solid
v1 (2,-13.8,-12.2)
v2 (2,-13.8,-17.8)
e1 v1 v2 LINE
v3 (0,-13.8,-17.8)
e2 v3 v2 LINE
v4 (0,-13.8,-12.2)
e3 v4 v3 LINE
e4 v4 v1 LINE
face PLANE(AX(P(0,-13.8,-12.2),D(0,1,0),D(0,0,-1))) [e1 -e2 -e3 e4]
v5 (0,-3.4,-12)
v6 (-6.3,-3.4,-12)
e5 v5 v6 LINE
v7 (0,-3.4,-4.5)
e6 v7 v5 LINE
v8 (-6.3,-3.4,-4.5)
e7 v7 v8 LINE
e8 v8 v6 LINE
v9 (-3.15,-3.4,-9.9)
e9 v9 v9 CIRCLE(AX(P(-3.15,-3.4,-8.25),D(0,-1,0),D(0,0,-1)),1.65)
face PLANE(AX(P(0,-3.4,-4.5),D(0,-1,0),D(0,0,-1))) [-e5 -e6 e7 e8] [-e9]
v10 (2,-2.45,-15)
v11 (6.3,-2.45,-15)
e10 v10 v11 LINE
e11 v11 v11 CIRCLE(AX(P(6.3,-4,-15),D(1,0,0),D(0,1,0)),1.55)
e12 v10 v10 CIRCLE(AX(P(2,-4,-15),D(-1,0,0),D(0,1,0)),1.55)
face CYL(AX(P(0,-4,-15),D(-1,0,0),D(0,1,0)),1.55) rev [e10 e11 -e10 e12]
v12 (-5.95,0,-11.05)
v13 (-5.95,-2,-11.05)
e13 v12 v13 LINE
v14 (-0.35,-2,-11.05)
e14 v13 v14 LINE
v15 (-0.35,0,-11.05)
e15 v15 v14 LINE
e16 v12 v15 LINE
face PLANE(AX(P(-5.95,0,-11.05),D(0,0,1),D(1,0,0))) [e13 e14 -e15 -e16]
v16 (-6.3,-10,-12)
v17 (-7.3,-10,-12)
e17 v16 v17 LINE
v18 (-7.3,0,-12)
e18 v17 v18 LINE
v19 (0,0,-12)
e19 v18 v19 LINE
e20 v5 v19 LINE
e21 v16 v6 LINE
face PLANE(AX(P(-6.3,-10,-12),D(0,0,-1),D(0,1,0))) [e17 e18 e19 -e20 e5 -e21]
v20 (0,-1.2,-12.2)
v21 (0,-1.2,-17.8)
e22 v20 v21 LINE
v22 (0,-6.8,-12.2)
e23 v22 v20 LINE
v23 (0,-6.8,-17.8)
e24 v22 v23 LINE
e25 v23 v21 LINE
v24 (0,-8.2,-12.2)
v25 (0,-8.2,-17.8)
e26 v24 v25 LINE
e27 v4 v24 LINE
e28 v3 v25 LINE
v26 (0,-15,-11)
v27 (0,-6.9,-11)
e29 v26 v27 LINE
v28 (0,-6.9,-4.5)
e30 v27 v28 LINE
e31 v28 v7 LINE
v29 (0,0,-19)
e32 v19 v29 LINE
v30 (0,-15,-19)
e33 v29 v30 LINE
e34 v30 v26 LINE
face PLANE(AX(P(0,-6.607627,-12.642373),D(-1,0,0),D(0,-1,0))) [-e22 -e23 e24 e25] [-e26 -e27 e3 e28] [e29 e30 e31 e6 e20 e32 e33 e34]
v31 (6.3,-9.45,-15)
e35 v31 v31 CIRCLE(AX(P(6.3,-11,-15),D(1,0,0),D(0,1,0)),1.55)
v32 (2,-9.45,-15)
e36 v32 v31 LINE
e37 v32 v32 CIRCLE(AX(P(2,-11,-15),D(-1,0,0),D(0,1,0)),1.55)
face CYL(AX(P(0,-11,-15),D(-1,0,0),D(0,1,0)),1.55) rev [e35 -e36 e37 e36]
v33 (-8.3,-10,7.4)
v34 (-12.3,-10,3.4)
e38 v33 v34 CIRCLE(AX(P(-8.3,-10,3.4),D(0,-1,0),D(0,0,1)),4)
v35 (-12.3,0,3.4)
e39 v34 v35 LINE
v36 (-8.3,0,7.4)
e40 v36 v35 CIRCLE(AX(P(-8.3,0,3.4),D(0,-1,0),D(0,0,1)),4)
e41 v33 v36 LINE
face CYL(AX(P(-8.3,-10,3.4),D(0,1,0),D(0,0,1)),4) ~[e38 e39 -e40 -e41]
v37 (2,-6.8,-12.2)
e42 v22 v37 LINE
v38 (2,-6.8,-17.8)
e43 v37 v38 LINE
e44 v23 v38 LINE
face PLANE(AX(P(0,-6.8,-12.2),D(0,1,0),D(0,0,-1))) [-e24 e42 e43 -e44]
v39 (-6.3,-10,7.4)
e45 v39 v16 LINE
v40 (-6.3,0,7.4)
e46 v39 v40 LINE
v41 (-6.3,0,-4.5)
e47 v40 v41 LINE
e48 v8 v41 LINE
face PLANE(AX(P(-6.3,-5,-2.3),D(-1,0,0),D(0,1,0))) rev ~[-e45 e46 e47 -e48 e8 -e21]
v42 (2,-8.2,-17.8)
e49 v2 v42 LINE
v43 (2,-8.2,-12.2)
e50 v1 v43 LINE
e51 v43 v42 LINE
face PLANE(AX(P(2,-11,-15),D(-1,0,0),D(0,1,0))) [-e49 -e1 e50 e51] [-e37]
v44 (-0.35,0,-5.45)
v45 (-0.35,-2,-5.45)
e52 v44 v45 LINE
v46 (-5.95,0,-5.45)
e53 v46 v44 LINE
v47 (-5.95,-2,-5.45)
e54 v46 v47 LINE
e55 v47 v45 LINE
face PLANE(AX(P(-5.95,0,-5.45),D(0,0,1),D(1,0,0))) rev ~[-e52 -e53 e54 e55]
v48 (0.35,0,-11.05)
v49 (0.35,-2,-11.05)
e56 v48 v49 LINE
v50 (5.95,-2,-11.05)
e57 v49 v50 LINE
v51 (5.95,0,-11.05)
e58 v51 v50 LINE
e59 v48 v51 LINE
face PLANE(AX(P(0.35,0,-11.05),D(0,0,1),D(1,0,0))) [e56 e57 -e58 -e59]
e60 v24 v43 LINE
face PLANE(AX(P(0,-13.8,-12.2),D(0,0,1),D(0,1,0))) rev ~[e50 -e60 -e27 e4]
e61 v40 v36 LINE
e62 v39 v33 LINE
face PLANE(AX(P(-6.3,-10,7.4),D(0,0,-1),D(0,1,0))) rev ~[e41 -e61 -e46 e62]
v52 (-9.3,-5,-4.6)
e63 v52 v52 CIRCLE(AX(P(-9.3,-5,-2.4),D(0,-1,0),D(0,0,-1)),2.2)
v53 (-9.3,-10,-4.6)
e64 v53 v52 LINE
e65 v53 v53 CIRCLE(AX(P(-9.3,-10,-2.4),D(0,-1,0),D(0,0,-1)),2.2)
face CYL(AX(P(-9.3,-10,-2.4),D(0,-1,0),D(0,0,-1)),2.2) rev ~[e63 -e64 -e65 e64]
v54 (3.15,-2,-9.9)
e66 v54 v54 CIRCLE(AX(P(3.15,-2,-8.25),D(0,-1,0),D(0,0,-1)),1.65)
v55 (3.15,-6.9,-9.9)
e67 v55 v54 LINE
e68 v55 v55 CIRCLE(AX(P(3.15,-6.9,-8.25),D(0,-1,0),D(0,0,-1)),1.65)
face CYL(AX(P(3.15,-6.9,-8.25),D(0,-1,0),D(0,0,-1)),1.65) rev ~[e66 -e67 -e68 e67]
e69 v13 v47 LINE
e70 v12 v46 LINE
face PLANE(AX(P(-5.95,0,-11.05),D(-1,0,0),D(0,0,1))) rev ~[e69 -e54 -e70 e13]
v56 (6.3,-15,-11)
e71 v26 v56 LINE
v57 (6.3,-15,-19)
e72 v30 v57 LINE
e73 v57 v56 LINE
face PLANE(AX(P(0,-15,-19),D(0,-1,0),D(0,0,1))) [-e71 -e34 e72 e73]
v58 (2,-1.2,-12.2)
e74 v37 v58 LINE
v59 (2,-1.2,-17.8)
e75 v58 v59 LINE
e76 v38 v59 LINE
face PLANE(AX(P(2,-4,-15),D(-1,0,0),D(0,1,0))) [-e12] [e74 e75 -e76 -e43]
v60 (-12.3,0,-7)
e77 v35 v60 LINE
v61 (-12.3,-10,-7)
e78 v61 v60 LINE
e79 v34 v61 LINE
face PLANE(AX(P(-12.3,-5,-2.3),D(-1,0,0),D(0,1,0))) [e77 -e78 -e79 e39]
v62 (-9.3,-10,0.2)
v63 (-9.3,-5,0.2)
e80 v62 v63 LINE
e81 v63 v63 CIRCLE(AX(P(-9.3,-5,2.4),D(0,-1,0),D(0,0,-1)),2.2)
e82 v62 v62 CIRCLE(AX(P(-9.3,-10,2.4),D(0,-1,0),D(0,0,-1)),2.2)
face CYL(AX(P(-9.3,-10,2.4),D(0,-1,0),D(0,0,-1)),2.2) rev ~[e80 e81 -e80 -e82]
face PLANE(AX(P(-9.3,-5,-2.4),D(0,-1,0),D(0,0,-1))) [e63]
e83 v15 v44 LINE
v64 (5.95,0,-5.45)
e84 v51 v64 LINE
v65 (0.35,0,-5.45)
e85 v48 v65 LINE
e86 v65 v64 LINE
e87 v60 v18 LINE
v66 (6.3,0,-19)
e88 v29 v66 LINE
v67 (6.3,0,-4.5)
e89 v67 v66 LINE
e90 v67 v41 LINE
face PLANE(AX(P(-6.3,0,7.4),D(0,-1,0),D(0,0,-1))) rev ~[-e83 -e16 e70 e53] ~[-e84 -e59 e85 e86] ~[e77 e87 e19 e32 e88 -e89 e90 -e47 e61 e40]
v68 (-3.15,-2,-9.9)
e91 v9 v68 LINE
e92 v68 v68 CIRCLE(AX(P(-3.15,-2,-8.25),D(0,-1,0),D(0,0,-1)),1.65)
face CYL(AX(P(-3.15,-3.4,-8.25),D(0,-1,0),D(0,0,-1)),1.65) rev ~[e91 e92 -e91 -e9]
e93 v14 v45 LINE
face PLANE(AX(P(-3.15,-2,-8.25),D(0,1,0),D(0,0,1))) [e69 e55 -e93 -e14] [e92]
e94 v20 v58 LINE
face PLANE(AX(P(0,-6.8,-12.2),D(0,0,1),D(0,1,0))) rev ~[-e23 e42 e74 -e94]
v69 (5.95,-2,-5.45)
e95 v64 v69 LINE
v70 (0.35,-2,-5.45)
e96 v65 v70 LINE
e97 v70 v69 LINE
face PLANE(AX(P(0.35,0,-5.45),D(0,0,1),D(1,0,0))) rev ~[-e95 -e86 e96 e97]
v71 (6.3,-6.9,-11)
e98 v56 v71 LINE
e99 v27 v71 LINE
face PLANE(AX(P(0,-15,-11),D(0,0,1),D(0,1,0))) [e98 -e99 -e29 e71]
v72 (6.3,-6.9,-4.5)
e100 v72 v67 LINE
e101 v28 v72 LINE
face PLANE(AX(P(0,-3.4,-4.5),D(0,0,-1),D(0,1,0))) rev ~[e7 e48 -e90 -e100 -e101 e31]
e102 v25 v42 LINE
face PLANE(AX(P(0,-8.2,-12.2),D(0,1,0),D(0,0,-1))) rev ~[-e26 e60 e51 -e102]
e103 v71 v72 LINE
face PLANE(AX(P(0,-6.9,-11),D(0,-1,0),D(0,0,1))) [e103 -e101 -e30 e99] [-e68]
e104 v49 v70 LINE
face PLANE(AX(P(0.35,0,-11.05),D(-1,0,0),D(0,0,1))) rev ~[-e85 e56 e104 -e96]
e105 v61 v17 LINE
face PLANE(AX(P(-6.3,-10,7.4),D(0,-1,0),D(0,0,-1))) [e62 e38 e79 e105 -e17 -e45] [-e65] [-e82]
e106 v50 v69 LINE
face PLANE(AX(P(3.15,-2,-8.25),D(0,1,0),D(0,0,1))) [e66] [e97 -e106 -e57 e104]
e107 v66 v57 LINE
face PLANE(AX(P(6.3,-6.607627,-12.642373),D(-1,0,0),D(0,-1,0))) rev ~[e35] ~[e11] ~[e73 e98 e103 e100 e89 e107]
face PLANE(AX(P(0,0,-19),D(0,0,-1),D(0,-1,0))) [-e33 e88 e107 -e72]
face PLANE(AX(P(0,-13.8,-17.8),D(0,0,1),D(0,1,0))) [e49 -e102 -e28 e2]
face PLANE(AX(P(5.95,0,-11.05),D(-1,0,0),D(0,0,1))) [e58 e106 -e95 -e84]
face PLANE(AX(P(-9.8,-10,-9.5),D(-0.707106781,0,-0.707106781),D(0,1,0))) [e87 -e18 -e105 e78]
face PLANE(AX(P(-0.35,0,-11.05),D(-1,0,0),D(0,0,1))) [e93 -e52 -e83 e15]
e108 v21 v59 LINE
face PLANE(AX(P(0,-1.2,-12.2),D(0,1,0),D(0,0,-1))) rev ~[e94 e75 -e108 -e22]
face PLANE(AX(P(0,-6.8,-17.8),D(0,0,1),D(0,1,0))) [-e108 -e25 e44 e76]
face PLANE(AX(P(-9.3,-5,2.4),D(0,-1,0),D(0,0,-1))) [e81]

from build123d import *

# Parameters (mm, degrees)
SKETCH_R        = 1.55
PAD_DEPTH       = 6.3
SKETCH001_W     = 3.4
SKETCH001_H     = 7.5
PAD001_DEPTH    = 6.3
SKETCH002_W     = 10
SKETCH002_H     = 19.4
PAD002_DEPTH    = 6
SKETCH003_R     = 1.65
POCKET_DEPTH    = 6.901
SKETCH004_R     = 1.65
POCKET001_DEPTH = 3.401
SKETCH005_R     = 2.2
POCKET002_DEPTH = 5
SKETCH006_W     = 5.6
SKETCH006_H     = 5.6
POCKET003_DEPTH = 2
SKETCH007_W     = 5.6
SKETCH007_H     = 5.6
POCKET004_DEPTH = 2
FILLET_R        = 4
CHAMFER_SIZE    = 5


with BuildPart() as part:
    # Sketch → Pad (new body)
    with BuildSketch(Plane.YZ):
        Polygon((-6.9, -4.5), (0, -4.5), (0, -19), (-15, -19), (-15, -11), (-6.9, -11), align=None)
        with Locations((-11, -15)):
            Circle(SKETCH_R, mode=Mode.SUBTRACT)
        with Locations((-4, -15)):
            Circle(SKETCH_R, mode=Mode.SUBTRACT)
    extrude(amount=PAD_DEPTH)

    # Sketch001 (on Face9 of Pad) → Pad001 (join)
    with BuildSketch(Plane(origin=(0, 0, 0), x_dir=(0, 1, 0), z_dir=(-1, 0, 0))):
        with Locations((-1.7, 8.25)):
            Rectangle(SKETCH001_W, SKETCH001_H)
    extrude(amount=PAD001_DEPTH)

    # Sketch002 (on Face11 of Pad001) → Pad002 (join)
    with BuildSketch(Plane(origin=(-6.3, 0, 0), x_dir=(0, 1, 0), z_dir=(-1, 0, 0))):
        with Locations((-5, 2.3)):
            Rectangle(SKETCH002_W, SKETCH002_H)
    extrude(amount=PAD002_DEPTH)

    # Sketch003 (on Face1 of Pad002) → Pocket (cut, through all)
    with BuildSketch(Plane(origin=(0, -6.9, 0), x_dir=(0, 0, -1), z_dir=(0, -1, 0))):
        with Locations((8.25, 3.15)):
            Circle(SKETCH003_R)
    extrude(amount=-POCKET_DEPTH, mode=Mode.SUBTRACT)

    # Sketch004 (on Face11 of Pocket) → Pocket001 (cut, through all)
    with BuildSketch(Plane(origin=(0, -3.4, 0), x_dir=(0, 0, -1), z_dir=(0, -1, 0))):
        with Locations((8.25, -3.15)):
            Circle(SKETCH004_R)
    extrude(amount=-POCKET001_DEPTH, mode=Mode.SUBTRACT)

    # Sketch005 (on Face18 of Pocket001) → Pocket002 (cut)
    with BuildSketch(Plane(origin=(0, -10, 0), x_dir=(0, 0, -1), z_dir=(0, -1, 0))):
        with Locations((-2.4, -9.3)):
            Circle(SKETCH005_R)
        with Locations((2.4, -9.3)):
            Circle(SKETCH005_R)
    extrude(amount=-POCKET002_DEPTH, mode=Mode.SUBTRACT)

    # Sketch006 (on Face3 of Pocket002) → Pocket003 (cut)
    with BuildSketch(Plane(origin=(0, 0, 0), x_dir=(0, 1, 0), z_dir=(-1, 0, 0))):
        with Locations((-4, 15)):
            Rectangle(SKETCH006_W, SKETCH006_H)
        with Locations((-11, 15)):
            Rectangle(SKETCH006_W, SKETCH006_H)
    extrude(amount=-POCKET003_DEPTH, mode=Mode.SUBTRACT)

    # Sketch007 (on Face11 of Pocket003) → Pocket004 (cut)
    with BuildSketch(Plane.ZX):
        with Locations((-8.25, 3.15)):
            Rectangle(SKETCH007_W, SKETCH007_H)
        with Locations((-8.25, -3.15)):
            Rectangle(SKETCH007_W, SKETCH007_H)
    extrude(amount=-POCKET004_DEPTH, mode=Mode.SUBTRACT)

    # Fillet
    fillet_edges = [part.edges().sort_by_distance(p)[0] for p in [
        (-12.3, -5, 7.4),
    ]]
    fillet(fillet_edges, radius=FILLET_R)

    # Chamfer
    chamfer_edges = [part.edges().sort_by_distance(p)[0] for p in [
        (-12.3, -5, -12),
    ]]
    chamfer(chamfer_edges, length=CHAMFER_SIZE)


solid = part.part
